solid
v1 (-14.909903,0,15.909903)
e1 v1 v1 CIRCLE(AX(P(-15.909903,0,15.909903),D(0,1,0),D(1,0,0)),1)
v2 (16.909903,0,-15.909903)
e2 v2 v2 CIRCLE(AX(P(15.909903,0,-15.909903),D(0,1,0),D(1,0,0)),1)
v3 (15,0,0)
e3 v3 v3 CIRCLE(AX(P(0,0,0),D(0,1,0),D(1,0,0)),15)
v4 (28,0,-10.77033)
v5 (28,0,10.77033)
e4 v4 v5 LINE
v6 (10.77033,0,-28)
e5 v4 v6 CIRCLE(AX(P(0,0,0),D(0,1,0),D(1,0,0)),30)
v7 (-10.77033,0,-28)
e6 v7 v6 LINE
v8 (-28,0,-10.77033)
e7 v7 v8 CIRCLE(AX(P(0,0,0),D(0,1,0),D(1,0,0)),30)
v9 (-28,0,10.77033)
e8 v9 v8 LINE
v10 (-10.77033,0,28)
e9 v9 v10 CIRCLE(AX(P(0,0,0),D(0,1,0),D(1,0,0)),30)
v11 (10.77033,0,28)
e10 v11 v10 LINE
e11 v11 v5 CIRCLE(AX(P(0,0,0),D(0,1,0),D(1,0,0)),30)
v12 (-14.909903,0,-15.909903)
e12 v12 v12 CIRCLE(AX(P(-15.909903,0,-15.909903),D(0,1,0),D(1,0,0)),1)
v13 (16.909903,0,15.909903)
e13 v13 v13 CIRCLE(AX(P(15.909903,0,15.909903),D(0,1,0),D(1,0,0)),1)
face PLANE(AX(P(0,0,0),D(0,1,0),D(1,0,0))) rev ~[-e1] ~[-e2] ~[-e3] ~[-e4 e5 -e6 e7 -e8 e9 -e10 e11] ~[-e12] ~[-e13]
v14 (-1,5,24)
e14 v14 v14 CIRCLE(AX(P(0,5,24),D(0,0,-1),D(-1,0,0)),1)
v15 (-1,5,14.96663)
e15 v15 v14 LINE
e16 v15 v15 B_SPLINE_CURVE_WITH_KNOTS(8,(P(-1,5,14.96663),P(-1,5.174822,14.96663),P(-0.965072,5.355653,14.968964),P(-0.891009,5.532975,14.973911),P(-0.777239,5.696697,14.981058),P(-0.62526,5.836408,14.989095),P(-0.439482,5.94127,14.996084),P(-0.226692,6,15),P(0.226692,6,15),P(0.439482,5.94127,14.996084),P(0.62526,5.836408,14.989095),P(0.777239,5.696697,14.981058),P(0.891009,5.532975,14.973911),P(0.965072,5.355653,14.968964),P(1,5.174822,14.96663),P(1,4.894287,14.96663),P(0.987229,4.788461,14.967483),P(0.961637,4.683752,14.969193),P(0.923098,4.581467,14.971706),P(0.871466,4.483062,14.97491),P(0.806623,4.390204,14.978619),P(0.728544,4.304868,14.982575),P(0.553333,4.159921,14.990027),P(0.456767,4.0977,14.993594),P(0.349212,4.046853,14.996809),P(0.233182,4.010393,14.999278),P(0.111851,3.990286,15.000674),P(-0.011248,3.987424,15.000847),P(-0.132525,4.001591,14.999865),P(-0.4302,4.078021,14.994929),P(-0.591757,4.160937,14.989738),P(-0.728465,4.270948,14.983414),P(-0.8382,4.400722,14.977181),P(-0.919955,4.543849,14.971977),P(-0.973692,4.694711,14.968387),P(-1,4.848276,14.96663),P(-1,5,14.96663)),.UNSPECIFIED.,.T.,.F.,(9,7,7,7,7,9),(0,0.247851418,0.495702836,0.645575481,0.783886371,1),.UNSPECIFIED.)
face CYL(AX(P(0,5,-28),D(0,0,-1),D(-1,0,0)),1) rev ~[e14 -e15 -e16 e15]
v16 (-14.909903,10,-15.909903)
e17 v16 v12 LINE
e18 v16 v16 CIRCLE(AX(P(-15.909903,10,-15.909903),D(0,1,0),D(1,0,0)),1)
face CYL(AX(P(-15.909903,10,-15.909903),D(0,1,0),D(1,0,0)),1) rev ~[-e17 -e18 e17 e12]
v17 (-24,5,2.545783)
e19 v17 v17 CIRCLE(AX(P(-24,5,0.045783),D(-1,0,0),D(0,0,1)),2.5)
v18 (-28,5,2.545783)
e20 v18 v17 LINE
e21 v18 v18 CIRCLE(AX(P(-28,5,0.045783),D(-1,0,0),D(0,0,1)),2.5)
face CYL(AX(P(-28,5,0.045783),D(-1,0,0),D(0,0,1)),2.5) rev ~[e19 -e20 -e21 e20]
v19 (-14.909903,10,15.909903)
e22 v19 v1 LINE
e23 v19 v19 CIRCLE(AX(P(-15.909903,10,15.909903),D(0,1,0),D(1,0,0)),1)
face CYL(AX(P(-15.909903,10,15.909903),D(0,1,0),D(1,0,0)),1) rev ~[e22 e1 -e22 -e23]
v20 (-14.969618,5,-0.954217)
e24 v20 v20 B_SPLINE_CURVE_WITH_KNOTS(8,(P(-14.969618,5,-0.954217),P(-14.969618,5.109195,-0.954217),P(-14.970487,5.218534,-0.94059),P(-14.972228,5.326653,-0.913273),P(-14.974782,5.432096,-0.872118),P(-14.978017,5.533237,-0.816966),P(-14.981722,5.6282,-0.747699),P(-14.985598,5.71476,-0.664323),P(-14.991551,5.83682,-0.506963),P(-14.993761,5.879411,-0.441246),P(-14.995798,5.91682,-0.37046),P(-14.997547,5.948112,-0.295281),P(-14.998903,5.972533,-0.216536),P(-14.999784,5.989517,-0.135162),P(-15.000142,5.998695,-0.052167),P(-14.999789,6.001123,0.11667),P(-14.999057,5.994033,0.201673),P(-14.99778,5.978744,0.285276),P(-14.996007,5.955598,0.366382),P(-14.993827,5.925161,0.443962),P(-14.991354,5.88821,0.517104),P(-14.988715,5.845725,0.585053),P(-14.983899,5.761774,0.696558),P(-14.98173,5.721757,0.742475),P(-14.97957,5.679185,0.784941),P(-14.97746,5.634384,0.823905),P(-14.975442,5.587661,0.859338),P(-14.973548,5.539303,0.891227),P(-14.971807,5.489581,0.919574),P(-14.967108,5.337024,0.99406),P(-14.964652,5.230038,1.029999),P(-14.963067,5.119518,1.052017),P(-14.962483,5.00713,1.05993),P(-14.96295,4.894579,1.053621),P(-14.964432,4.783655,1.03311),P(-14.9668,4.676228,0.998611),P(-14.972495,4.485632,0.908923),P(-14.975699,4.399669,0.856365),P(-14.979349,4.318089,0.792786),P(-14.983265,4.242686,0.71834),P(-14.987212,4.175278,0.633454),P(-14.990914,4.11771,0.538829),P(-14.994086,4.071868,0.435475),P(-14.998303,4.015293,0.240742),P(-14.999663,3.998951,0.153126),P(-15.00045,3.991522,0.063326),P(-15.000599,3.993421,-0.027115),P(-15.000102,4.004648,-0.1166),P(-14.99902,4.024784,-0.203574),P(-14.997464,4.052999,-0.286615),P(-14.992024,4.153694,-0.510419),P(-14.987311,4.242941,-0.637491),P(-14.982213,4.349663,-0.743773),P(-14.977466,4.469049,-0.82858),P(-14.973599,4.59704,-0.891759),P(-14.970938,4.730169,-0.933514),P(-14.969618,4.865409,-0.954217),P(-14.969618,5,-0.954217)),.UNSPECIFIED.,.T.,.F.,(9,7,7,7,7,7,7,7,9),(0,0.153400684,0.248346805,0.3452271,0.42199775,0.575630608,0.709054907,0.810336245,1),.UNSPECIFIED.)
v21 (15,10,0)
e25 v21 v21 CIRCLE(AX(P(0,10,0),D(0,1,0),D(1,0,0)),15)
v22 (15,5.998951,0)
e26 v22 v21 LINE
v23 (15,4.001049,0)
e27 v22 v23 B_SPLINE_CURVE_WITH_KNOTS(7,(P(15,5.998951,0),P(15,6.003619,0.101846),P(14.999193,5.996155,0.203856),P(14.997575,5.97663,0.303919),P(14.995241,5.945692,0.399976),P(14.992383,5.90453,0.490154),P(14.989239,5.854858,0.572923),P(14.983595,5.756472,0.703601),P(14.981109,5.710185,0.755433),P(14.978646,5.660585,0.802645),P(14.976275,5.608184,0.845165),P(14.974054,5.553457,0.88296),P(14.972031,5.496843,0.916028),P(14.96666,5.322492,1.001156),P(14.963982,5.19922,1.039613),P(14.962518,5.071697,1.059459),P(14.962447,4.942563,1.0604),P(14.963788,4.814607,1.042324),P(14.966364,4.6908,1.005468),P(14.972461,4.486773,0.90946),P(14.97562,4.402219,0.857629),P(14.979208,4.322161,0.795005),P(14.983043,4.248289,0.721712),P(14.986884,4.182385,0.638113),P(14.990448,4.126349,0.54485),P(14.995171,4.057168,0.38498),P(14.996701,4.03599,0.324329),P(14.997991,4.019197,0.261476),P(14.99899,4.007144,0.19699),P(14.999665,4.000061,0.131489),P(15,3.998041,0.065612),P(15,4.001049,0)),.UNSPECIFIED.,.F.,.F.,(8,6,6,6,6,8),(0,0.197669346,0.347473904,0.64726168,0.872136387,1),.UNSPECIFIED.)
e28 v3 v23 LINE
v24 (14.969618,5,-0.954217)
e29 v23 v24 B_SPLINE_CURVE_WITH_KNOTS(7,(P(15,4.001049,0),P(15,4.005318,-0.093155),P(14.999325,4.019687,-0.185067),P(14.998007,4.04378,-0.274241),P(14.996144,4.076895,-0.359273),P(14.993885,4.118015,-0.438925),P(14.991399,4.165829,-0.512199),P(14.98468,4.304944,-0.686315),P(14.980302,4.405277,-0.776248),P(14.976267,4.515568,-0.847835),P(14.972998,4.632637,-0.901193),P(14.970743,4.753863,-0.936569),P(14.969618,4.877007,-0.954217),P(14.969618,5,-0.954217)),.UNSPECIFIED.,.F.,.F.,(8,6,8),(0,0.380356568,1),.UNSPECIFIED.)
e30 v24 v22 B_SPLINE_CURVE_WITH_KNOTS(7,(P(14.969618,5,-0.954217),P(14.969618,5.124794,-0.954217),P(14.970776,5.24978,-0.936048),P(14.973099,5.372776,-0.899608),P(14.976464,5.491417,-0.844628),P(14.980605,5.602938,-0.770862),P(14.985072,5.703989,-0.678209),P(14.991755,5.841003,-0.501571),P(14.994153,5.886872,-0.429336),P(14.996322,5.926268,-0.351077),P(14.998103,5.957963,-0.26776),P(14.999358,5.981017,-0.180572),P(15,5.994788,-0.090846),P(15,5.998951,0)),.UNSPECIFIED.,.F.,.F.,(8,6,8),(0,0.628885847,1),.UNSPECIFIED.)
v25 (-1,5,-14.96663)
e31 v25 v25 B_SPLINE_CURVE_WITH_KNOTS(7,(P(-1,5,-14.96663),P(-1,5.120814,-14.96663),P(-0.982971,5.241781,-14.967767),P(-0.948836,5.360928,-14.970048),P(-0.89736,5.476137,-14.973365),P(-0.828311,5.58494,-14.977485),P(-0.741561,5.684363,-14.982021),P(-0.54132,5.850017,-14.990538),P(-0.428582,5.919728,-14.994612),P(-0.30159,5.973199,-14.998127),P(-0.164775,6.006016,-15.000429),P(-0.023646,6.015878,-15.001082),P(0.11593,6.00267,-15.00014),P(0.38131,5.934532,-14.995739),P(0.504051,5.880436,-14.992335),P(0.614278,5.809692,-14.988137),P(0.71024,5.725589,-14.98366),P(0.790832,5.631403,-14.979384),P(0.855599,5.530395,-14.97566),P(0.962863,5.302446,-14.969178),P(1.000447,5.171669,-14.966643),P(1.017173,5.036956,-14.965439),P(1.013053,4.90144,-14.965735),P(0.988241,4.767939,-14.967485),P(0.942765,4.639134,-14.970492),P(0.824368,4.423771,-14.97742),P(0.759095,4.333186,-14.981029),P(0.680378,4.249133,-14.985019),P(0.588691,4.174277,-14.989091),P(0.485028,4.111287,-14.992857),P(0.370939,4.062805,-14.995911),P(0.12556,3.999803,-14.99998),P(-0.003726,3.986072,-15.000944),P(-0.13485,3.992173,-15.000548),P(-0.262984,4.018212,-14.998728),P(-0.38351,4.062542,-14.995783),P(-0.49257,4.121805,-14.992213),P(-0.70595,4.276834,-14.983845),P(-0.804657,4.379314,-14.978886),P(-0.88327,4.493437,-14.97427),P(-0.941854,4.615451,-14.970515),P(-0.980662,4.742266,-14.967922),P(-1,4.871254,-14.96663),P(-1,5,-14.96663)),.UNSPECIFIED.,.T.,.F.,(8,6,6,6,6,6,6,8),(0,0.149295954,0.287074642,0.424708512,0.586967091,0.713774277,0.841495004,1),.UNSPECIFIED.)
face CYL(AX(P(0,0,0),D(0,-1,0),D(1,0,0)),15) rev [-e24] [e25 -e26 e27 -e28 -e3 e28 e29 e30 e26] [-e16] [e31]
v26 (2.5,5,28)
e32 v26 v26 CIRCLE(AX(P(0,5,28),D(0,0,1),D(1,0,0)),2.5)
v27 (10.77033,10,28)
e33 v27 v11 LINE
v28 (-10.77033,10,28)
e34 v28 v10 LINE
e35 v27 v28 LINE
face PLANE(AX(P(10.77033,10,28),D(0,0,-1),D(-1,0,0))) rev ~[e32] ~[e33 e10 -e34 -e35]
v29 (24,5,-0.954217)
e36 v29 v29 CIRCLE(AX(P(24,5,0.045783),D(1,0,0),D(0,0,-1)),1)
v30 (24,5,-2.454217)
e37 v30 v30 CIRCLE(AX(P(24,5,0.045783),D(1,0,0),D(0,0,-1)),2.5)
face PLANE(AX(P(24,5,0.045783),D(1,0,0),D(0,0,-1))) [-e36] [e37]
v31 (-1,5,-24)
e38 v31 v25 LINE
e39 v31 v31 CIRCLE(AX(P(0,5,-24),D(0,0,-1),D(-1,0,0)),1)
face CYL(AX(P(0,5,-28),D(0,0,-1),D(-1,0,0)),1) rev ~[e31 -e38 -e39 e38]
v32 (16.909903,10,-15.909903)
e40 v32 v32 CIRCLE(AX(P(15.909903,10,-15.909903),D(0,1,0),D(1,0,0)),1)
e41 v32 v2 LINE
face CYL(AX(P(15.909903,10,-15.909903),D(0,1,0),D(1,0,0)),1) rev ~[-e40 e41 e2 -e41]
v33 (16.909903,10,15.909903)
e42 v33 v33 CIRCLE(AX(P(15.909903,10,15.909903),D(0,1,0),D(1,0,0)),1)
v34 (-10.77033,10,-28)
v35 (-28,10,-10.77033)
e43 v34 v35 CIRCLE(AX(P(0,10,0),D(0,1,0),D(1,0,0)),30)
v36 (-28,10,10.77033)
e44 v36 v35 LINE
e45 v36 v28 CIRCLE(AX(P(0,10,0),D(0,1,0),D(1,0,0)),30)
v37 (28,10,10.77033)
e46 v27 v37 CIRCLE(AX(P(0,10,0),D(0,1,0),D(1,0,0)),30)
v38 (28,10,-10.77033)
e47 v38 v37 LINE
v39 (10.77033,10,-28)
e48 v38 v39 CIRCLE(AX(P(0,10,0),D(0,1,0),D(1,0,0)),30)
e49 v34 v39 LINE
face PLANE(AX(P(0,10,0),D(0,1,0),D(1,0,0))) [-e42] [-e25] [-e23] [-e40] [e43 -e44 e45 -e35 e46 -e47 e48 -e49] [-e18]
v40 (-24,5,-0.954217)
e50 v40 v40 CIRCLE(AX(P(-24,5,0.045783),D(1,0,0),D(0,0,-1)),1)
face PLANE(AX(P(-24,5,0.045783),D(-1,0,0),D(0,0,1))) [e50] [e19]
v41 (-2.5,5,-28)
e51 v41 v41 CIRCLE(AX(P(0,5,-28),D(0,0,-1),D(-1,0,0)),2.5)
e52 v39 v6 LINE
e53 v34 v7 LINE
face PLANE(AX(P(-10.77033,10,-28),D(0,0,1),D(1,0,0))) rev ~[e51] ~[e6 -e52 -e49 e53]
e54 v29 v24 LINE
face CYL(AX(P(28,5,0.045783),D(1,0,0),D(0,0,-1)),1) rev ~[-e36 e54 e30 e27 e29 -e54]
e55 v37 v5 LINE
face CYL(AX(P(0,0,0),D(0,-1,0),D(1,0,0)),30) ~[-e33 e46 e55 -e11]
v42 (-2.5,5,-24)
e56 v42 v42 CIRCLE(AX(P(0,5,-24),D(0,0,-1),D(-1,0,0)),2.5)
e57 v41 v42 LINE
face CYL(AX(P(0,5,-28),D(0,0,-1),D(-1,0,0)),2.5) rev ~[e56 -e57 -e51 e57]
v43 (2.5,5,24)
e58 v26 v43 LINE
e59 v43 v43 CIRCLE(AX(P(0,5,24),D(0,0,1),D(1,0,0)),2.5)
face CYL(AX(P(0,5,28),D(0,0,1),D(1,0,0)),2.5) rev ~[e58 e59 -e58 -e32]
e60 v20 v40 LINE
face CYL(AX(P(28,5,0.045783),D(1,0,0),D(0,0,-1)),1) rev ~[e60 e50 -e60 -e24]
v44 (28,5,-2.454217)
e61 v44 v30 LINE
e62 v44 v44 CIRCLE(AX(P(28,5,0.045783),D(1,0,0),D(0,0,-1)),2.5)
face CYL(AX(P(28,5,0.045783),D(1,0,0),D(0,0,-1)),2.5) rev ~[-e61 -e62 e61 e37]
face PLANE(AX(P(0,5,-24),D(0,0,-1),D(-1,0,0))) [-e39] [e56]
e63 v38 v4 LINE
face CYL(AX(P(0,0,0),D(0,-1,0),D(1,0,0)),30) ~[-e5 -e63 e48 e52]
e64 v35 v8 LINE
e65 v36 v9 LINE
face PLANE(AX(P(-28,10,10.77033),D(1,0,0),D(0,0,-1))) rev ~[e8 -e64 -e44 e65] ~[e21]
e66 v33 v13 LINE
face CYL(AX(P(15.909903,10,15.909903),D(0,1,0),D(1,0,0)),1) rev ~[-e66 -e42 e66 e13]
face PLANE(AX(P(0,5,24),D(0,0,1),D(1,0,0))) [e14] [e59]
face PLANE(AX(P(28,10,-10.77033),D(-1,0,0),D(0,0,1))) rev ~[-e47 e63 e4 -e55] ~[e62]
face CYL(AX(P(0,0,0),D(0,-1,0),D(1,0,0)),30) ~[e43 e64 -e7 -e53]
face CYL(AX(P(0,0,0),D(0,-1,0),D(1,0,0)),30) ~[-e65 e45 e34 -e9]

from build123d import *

# Parameters (mm, degrees)
SKETCH1_R           = 30
SKETCH1_R_2         = 15
BOSS_EXTRUDE1_DEPTH = 10
CUT_EXTRUDE1_DEPTH  = 43
SKETCH4_R           = 1
CUT_EXTRUDE3_DEPTH  = 43
SKETCH5_R           = 1
CUT_EXTRUDE4_DEPTH  = 70
SKETCH6_R           = 1
CUT_EXTRUDE5_DEPTH  = 70
SKETCH8_R           = 2.5
CUT_EXTRUDE6_DEPTH  = 4
SKETCH9_R           = 2.5
SKETCH9_R_2         = 1
CUT_EXTRUDE7_DEPTH  = 4
SKETCH10_R          = 2.5
CUT_EXTRUDE8_DEPTH  = 4
SKETCH11_R          = 2.5
CUT_EXTRUDE9_DEPTH  = 4


with BuildPart() as part:
    # Sketch1 → Boss-Extrude1 (new body)
    with BuildSketch(Plane(origin=(0, 0, 0), x_dir=(1, 0, 0), z_dir=(0, 1, 0))):
        Circle(SKETCH1_R)
        Circle(SKETCH1_R_2, mode=Mode.SUBTRACT)
    extrude(amount=BOSS_EXTRUDE1_DEPTH)

    # Sketch2 → Cut-Extrude1 (cut)
    with BuildSketch(Plane(origin=(0, 10, 0), x_dir=(1, 0, 0), z_dir=(0, 1, 0))):
        with BuildLine():
            ThreePointArc((10.770329614, 28), (0, 30), (-10.770329614, 28))
            Line((-10.770329614, 28), (10.770329614, 28))
        make_face()
        with BuildLine():
            Line((-28, -10.770329614), (-28, 10.770329614))
            ThreePointArc((-28, 10.770329614), (-30, 0), (-28, -10.770329614))
        make_face()
        with BuildLine():
            ThreePointArc((30, 0), (29.495762408, 5.477225575), (28, 10.770329614))
            Line((28, 10.770329614), (28, -10.770329614))
            ThreePointArc((28, -10.770329614), (29.495762408, -5.477225575), (30, 0))
        make_face()
        with BuildLine():
            Line((10.770329614, -28), (-10.770329614, -28))
            ThreePointArc((-10.770329614, -28), (0, -30), (10.770329614, -28))
        make_face()
    extrude(amount=-CUT_EXTRUDE1_DEPTH, mode=Mode.SUBTRACT)

    # Sketch4 → Cut-Extrude3 (cut)
    with BuildSketch(Plane(origin=(0, 10, 0), x_dir=(1, 0, 0), z_dir=(0, 1, 0))):
        with Locations((15.909902577, -15.909902577)):
            Circle(SKETCH4_R)
        with Locations((-15.909902577, -15.909902577)):
            Circle(SKETCH4_R)
        with Locations((-15.909902577, 15.909902577)):
            Circle(SKETCH4_R)
        with Locations((15.909902577, 15.909902577)):
            Circle(SKETCH4_R)
    extrude(amount=-CUT_EXTRUDE3_DEPTH, mode=Mode.SUBTRACT)

    # Sketch5 → Cut-Extrude4 (cut)
    with BuildSketch(Plane(origin=(0, 0, -28), x_dir=(-1, 0, 0), z_dir=(0, 0, -1))):
        with Locations((0, 5)):
            Circle(SKETCH5_R)
    extrude(amount=-CUT_EXTRUDE4_DEPTH, mode=Mode.SUBTRACT)

    # Sketch6 → Cut-Extrude5 (cut)
    with BuildSketch(Plane(origin=(28, 0, 0), x_dir=(0, 0, -1), z_dir=(1, 0, 0))):
        with Locations((-0.045783142, 5)):
            Circle(SKETCH6_R)
    extrude(amount=-CUT_EXTRUDE5_DEPTH, mode=Mode.SUBTRACT)

    # Sketch8 → Cut-Extrude6 (cut)
    with BuildSketch(Plane(origin=(0, 0, -28), x_dir=(-1, 0, 0), z_dir=(0, 0, -1))):
        with Locations((0, 5)):
            Circle(SKETCH8_R)
    extrude(amount=-CUT_EXTRUDE6_DEPTH, mode=Mode.SUBTRACT)

    # Sketch9 → Cut-Extrude7 (cut)
    with BuildSketch(Plane(origin=(28, 0, 0), x_dir=(0, 0, -1), z_dir=(1, 0, 0))):
        with Locations((-0.045783142, 5)):
            Circle(SKETCH9_R)
        with Locations((-0.045783142, 5)):
            Circle(SKETCH9_R_2, mode=Mode.SUBTRACT)
    extrude(amount=-CUT_EXTRUDE7_DEPTH, mode=Mode.SUBTRACT)

    # Sketch10 → Cut-Extrude8 (cut)
    with BuildSketch(Plane.XY.offset(28)):
        with Locations((0, 5)):
            Circle(SKETCH10_R)
    extrude(amount=-CUT_EXTRUDE8_DEPTH, mode=Mode.SUBTRACT)

    # Sketch11 → Cut-Extrude9 (cut)
    with BuildSketch(Plane.ZY.offset(28)):
        with Locations((0.045783142, 5)):
            Circle(SKETCH11_R)
    extrude(amount=-CUT_EXTRUDE9_DEPTH, mode=Mode.SUBTRACT)


solid = part.part
